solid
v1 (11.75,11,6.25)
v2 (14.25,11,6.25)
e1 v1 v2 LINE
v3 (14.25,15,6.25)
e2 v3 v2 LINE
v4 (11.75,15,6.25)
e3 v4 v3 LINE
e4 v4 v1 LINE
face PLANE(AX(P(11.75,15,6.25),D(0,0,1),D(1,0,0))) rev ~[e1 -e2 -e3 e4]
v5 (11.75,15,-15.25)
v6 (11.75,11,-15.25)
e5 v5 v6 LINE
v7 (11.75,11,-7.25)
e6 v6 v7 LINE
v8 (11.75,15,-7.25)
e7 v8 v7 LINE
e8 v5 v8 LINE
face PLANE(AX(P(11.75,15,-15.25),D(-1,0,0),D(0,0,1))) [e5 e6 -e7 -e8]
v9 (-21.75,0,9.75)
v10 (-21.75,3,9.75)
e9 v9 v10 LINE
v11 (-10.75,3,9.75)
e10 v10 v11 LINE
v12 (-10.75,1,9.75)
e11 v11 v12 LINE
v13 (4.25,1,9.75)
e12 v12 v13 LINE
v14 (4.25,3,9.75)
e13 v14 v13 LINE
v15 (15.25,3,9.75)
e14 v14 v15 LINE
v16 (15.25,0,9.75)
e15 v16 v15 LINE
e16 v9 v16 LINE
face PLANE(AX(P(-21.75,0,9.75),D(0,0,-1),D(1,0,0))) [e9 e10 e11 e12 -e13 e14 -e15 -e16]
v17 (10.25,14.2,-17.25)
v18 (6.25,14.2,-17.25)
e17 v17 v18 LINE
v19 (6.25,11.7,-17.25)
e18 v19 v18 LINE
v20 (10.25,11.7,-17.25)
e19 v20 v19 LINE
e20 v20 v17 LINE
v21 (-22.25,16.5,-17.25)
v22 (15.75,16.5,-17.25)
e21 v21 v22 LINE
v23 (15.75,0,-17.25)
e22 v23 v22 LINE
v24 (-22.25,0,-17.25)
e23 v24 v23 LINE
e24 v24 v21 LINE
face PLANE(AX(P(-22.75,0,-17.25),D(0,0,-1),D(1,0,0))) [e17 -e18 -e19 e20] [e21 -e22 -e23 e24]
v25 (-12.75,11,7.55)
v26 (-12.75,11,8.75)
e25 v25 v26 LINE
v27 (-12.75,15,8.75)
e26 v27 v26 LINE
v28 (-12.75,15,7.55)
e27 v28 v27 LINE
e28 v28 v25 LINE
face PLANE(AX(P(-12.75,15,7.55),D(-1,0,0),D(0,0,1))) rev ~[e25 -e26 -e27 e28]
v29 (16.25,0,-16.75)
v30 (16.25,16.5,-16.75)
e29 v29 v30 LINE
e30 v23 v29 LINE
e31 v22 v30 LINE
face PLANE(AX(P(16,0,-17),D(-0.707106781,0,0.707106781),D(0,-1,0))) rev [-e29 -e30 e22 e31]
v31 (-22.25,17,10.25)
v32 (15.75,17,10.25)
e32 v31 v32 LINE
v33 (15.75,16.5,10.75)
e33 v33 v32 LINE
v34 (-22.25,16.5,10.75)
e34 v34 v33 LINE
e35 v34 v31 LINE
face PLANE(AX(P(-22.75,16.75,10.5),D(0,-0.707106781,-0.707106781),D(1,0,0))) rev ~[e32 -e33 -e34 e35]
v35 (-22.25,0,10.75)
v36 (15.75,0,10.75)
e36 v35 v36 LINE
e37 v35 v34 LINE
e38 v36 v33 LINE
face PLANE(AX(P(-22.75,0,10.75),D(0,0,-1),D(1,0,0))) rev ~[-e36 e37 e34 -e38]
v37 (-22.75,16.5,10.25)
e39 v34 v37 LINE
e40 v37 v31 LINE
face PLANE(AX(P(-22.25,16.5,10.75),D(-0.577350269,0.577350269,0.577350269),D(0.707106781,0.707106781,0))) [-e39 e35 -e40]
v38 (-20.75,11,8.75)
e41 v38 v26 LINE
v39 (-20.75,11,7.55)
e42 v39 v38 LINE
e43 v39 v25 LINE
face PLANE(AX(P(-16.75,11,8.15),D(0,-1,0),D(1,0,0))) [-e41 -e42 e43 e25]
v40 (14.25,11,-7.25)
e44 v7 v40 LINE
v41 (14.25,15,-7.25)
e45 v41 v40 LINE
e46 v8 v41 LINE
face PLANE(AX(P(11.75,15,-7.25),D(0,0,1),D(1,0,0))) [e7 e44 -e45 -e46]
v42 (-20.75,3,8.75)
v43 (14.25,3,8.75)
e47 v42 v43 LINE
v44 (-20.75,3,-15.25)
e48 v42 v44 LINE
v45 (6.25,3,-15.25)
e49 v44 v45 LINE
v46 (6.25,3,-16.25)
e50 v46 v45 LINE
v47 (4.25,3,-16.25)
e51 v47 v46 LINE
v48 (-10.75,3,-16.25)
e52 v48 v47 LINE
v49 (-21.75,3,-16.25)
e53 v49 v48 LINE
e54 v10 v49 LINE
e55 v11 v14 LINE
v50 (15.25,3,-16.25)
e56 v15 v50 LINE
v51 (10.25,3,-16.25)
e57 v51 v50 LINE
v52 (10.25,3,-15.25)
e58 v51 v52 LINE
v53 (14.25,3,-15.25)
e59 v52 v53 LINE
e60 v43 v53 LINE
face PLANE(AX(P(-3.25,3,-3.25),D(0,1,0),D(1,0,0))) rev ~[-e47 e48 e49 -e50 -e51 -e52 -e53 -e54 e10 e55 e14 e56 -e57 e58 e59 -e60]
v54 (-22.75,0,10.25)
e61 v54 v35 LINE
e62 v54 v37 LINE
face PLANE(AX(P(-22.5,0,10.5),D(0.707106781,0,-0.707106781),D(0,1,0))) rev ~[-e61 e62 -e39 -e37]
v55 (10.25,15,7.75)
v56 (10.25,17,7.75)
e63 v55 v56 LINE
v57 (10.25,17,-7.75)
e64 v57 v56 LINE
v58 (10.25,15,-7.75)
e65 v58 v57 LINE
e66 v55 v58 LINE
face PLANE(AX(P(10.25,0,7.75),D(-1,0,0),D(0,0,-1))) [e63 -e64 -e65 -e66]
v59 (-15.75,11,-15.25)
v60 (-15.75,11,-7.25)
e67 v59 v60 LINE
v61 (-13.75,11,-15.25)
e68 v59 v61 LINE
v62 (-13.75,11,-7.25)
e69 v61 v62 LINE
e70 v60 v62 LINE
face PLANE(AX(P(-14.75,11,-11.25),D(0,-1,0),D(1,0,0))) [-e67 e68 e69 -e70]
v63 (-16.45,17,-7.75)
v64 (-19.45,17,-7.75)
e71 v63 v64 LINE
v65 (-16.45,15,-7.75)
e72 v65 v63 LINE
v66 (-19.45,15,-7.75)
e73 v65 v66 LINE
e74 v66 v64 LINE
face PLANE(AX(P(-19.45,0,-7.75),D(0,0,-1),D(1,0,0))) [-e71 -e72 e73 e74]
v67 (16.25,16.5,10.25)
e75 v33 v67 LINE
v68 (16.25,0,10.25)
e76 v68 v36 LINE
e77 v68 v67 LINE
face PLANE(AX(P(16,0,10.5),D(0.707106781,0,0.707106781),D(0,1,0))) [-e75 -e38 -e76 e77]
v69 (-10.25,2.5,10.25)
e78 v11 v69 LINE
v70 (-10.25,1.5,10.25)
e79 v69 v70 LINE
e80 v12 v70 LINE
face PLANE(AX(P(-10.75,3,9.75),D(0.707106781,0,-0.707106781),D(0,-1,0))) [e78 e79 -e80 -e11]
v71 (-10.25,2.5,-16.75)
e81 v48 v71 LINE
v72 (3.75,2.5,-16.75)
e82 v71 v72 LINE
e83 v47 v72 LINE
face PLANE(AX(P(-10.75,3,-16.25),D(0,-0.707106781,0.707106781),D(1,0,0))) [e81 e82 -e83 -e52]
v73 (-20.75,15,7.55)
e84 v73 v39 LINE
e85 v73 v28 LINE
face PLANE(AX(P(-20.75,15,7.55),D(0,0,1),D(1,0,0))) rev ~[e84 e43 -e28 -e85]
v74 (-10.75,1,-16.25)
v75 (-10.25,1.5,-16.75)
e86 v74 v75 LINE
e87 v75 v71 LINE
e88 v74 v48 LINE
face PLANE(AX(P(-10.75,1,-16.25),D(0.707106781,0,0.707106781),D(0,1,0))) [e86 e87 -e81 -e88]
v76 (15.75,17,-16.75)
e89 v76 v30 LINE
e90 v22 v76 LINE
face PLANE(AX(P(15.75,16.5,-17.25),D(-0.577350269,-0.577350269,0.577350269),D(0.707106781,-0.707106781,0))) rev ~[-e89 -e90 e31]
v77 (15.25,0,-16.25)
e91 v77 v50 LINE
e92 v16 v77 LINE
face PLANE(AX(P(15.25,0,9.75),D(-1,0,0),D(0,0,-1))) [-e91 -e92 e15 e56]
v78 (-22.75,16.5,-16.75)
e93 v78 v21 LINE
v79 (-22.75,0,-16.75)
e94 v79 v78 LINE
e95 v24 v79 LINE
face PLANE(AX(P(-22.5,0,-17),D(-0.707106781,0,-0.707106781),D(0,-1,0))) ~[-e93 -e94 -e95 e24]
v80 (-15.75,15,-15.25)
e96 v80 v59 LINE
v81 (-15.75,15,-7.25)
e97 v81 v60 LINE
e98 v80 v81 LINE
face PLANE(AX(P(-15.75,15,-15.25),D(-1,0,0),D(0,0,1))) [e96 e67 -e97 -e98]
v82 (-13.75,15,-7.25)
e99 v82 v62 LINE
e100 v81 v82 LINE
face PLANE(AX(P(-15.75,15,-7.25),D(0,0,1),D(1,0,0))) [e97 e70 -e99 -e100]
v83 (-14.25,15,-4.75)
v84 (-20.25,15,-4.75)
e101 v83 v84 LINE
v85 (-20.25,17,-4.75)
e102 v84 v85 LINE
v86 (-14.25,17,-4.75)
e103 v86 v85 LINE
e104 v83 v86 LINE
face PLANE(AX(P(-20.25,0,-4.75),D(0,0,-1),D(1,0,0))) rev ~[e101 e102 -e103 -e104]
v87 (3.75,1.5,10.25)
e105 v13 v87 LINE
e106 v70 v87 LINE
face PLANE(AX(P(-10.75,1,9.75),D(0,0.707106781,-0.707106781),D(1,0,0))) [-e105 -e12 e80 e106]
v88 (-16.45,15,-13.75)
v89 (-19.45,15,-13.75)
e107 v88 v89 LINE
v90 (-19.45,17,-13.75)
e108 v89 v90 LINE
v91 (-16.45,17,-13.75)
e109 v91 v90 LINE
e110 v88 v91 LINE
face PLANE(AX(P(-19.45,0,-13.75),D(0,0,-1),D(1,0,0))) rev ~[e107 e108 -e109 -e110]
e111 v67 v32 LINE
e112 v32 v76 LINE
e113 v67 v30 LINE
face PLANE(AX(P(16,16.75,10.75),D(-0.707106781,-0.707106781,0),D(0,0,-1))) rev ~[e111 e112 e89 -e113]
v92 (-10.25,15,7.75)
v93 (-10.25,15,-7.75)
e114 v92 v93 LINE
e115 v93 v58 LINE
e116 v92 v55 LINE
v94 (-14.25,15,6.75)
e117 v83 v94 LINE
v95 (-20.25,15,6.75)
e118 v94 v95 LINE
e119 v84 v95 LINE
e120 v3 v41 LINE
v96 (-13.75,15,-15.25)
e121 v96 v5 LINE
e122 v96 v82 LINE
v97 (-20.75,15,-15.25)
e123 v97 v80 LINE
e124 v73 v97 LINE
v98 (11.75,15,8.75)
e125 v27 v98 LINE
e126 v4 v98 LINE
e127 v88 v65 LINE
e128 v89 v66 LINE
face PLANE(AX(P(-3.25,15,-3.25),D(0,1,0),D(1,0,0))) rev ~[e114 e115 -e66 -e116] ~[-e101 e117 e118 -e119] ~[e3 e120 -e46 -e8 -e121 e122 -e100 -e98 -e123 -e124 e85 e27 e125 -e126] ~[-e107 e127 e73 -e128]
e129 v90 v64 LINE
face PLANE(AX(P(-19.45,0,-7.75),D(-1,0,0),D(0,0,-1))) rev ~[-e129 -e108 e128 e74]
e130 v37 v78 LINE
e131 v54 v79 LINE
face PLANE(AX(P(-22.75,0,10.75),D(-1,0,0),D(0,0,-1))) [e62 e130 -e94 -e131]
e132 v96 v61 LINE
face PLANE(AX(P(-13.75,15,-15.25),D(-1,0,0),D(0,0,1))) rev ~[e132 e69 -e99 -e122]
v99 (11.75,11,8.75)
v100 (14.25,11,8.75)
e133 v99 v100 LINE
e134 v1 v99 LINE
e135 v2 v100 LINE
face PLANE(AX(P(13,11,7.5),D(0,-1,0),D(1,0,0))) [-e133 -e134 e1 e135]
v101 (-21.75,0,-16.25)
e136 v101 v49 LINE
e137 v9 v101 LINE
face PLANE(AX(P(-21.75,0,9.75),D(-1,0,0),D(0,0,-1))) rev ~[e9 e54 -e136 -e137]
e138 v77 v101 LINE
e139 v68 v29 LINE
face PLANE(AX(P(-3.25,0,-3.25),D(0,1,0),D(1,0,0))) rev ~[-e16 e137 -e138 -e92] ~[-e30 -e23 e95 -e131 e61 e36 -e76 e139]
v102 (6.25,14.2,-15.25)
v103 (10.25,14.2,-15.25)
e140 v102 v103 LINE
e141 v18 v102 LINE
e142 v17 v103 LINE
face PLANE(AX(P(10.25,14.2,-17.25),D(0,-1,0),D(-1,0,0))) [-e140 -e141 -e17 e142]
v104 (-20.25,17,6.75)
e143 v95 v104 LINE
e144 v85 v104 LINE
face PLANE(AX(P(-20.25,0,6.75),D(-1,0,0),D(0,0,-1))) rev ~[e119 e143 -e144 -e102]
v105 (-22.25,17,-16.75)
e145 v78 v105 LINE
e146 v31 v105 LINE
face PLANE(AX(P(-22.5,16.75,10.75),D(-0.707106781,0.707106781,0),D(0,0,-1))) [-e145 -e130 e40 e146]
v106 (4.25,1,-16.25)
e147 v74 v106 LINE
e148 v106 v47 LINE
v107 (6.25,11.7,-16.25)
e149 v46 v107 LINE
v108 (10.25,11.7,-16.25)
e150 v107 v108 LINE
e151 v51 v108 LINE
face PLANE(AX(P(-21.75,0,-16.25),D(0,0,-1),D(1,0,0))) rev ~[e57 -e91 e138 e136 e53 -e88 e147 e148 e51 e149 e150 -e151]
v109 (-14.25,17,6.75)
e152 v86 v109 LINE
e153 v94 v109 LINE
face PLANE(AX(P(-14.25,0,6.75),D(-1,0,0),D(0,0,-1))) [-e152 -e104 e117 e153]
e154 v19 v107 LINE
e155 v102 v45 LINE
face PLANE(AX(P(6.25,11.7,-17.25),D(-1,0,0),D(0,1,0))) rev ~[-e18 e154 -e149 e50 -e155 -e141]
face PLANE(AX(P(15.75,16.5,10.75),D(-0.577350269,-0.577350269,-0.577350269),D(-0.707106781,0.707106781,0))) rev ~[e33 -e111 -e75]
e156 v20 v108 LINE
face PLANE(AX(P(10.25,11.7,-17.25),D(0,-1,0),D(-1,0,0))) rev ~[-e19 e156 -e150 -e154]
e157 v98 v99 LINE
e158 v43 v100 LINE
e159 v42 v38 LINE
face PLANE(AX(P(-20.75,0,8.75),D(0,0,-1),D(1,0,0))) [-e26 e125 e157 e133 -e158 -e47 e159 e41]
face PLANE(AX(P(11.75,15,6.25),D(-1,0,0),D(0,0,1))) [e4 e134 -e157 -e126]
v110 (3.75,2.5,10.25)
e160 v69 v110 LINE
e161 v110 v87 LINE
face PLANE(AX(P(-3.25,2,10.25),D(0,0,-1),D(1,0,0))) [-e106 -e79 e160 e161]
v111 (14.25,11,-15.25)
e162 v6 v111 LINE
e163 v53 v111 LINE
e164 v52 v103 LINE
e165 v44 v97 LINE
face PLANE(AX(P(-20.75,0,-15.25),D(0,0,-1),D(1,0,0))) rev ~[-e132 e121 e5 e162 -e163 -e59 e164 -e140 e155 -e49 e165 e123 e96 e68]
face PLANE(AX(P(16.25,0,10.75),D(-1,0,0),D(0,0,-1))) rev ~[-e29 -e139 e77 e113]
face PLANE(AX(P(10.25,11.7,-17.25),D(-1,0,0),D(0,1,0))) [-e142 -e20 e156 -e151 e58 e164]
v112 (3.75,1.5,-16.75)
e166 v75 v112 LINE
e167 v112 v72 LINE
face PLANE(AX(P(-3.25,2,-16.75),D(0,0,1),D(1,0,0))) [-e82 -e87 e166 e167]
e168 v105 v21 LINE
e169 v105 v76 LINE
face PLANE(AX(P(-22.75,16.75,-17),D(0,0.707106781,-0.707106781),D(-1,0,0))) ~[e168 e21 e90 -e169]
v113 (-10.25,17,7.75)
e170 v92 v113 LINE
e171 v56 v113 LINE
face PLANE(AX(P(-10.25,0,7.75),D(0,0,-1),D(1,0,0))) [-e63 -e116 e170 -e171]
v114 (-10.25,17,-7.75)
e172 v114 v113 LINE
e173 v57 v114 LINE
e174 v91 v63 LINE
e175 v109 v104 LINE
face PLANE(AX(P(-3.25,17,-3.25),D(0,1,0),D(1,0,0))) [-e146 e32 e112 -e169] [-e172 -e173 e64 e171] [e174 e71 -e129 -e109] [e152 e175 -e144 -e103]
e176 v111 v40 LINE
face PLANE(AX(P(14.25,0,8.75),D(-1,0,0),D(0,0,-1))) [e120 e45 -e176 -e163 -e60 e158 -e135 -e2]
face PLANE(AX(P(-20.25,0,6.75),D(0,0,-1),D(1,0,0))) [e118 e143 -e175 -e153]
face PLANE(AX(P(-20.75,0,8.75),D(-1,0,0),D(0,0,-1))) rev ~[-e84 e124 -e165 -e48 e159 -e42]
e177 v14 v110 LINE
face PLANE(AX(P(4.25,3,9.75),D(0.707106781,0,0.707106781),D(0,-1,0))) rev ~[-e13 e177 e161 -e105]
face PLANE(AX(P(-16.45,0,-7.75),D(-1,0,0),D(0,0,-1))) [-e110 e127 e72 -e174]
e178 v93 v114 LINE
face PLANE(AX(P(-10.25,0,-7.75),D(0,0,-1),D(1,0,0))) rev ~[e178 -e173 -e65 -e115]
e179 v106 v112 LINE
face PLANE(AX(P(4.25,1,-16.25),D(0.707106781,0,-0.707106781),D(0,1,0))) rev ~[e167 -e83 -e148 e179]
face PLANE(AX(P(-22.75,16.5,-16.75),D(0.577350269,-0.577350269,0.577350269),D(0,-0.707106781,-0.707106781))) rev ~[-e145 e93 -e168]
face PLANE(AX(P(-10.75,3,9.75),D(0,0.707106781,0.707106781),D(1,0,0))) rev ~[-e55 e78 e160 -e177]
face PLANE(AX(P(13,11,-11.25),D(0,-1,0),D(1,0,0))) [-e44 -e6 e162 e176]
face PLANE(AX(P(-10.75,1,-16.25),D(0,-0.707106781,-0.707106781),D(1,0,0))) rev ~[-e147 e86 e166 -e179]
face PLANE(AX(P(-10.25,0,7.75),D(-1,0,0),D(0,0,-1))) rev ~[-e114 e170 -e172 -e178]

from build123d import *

# Parameters (mm, degrees)
SKETCH_1_W               = 39
SKETCH_1_H               = 28
EXTRUDE_1_DEPTH          = 17
SKETCH_2_W               = 20.5
SKETCH_2_H               = 15.5
CUT_EXTRUDE_1_DEPTH      = 34.228376427
SKETCH_3_W               = 35
SKETCH_3_H               = 24
CUT_EXTRUDE_2_DEPTH      = 15
SKETCH_5_W               = 6
SKETCH_5_H               = 11.5
CUT_EXTRUDE_4_DEPTH      = 34.228376427
SKETCH_7_W               = 3
SKETCH_7_H               = 6
CUT_EXTRUDE_5_DEPTH      = 34.228376427
SKETCH_6_W               = 2.5
SKETCH_6_H               = 8
SKETCH_6_H_2             = 2.5
SKETCH_6_W_2             = 8
SKETCH_6_H_3             = 1.2
SKETCH_6_W_3             = 2
EXTRUDE_2_DEPTH          = 4
SKETCH_8_W               = 37
SKETCH_8_H               = 26
CUT_EXTRUDE_6_DEPTH      = 3
SKETCH_9_W               = 15
SKETCH_9_H               = 2
CUT_EXTRUDE_7_DEPTH      = 0.5
CUT_EXTRUDE_7_DRAFT      = -45
MIRROR_1_COPY_1_SKETCH_W = 15
MIRROR_1_COPY_1_SKETCH_H = 2
MIRROR_1_COPY_1_DEPTH    = 0.5
MIRROR_1_COPY_1_DRAFT    = -45
CUT_EXTRUDE_8_REACH      = 41.882
SKETCH_12_W              = 4
SKETCH_12_H              = 2.5
CHAMFER_1_SIZE           = 0.5
SKETCH_13_W              = 4
SKETCH_13_H              = 1
CUT_EXTRUDE_9_DEPTH      = 11.7


with BuildPart() as part:
    # Эскиз1 → Бобышка-Вытянуть1 (new body)
    with BuildSketch(Plane(origin=(0, 0, 0), x_dir=(1, 0, 0), z_dir=(0, 1, 0))):
        with Locations((-3.25, 3.25)):
            Rectangle(SKETCH_1_W, SKETCH_1_H)
    extrude(amount=EXTRUDE_1_DEPTH)

    # Эскиз2 → Вырез-Вытянуть1 (cut, through all)
    with BuildSketch(Plane(origin=(0, 0, 0), x_dir=(1, 0, 0), z_dir=(0, 1, 0))):
        Rectangle(SKETCH_2_W, SKETCH_2_H)
    extrude(amount=CUT_EXTRUDE_1_DEPTH, mode=Mode.SUBTRACT)

    # Эскиз3 → Вырез-Вытянуть2 (cut)
    with BuildSketch(Plane(origin=(0, 0, 0), x_dir=(1, 0, 0), z_dir=(0, 1, 0))):
        with Locations((-3.25, 3.25)):
            Rectangle(SKETCH_3_W, SKETCH_3_H)
    extrude(amount=CUT_EXTRUDE_2_DEPTH, mode=Mode.SUBTRACT)

    # Эскиз5 → Вырез-Вытянуть4 (cut, through all)
    with BuildSketch(Plane(origin=(0, 0, 0), x_dir=(1, 0, 0), z_dir=(0, 1, 0))):
        with Locations((-17.25, -1)):
            Rectangle(SKETCH_5_W, SKETCH_5_H)
    extrude(amount=CUT_EXTRUDE_4_DEPTH, mode=Mode.SUBTRACT)

    # Эскиз7 → Вырез-Вытянуть5 (cut, through all)
    with BuildSketch(Plane(origin=(0, 0, 0), x_dir=(1, 0, 0), z_dir=(0, 1, 0))):
        with Locations((-17.95, 10.75)):
            Rectangle(SKETCH_7_W, SKETCH_7_H)
    extrude(amount=CUT_EXTRUDE_5_DEPTH, mode=Mode.SUBTRACT)

    # Эскиз6 → Бобышка-Вытянуть2 (add)
    with BuildSketch(Plane.XZ.offset(-15)):
        with Locations((13, -11.25)):
            Rectangle(SKETCH_6_W, SKETCH_6_H)
        with Locations((13, 7.5)):
            Rectangle(SKETCH_6_W, SKETCH_6_H_2)
        with Locations((-16.75, 8.15)):
            Rectangle(SKETCH_6_W_2, SKETCH_6_H_3)
        with Locations((-14.75, -11.25)):
            Rectangle(SKETCH_6_W_3, SKETCH_6_H)
    extrude(amount=EXTRUDE_2_DEPTH)

    # Эскиз8 → Вырез-Вытянуть6 (cut)
    with BuildSketch(Plane(origin=(0, 0, 0), x_dir=(1, 0, 0), z_dir=(0, 1, 0))):
        with Locations((-3.25, 3.25)):
            Rectangle(SKETCH_8_W, SKETCH_8_H)
    extrude(amount=CUT_EXTRUDE_6_DEPTH, mode=Mode.SUBTRACT)


with BuildPart() as cut_extrude_7_tool:
    # Эскиз9 → Вырез-Вытянуть7 (with draft: the straight prism first)
    with BuildSketch(Plane.XY.offset(-16.25)):
        with Locations((-3.25, 2)):
            Rectangle(SKETCH_9_W, SKETCH_9_H)
    extrude(amount=-CUT_EXTRUDE_7_DEPTH)
    # Вырез-Вытянуть7: the draft: its side faces are tilted about the plane it starts from
    cut_extrude_7_sides = [cut_extrude_7_tool.faces().sort_by_distance(p)[0] for p in [
        (-10.75, 2, -16.5),
        (-3.25, 1, -16.5),
        (4.25, 2, -16.5),
        (-3.25, 3, -16.5),
    ]]
    draft(cut_extrude_7_sides, Plane.XY.offset(-16.25), CUT_EXTRUDE_7_DRAFT)


with BuildPart() as part_1:
    add(part.part)

    # Вырез-Вытянуть7: cut by cut_extrude_7_tool
    add(cut_extrude_7_tool.part, mode=Mode.SUBTRACT)


with BuildPart() as mirror_1_copy_1_tool:
    # Зеркальное отражение1 copy 1 sketch → Зеркальное отражение1 copy 1 (with draft: the straight prism first)
    with BuildSketch(Plane(origin=(0, 0, 9.75), x_dir=(1, 0, 0), z_dir=(0, 0, -1))):
        with Locations((-3.25, -2)):
            Rectangle(MIRROR_1_COPY_1_SKETCH_W, MIRROR_1_COPY_1_SKETCH_H)
    extrude(amount=-MIRROR_1_COPY_1_DEPTH)
    # Зеркальное отражение1 copy 1: the draft: its side faces are tilted about the plane it starts from
    mirror_1_copy_1_sides = [mirror_1_copy_1_tool.faces().sort_by_distance(p)[0] for p in [
        (-10.75, 2, 10),
        (-3.25, 1, 10),
        (4.25, 2, 10),
        (-3.25, 3, 10),
    ]]
    draft(mirror_1_copy_1_sides, Plane(origin=(0, 0, 9.75), x_dir=(1, 0, 0), z_dir=(0, 0, -1)), MIRROR_1_COPY_1_DRAFT)


with BuildPart() as part_2:
    add(part_1.part)

    # Зеркальное отражение1 copy 1: cut by mirror_1_copy_1_tool
    add(mirror_1_copy_1_tool.part, mode=Mode.SUBTRACT)

    # Эскиз12 → Вырез-Вытянуть8 (cut, up to next)
    with BuildSketch(Plane(origin=(0, 0, -17.25), x_dir=(-1, 0, 0), z_dir=(0, 0, -1)), mode=Mode.PRIVATE) as cut_extrude_8_sk1:
        with Locations((-8.25, 12.95)):
            Rectangle(SKETCH_12_W, SKETCH_12_H)
    cut_extrude_8_tool1 = extrude(cut_extrude_8_sk1.sketch, amount=-CUT_EXTRUDE_8_REACH, mode=Mode.PRIVATE) & part_2.part
    add(cut_extrude_8_tool1.solids().sort_by_distance((8.25, 12.95, -17.25))[0], mode=Mode.SUBTRACT)

    # Фаска1
    chamfer_1_edges = [part_2.edges().sort_by_distance(p)[0] for p in [
        (16.25, 17, -3.25),
        (-3.25, 17, -17.25),
        (-22.75, 17, -3.25),
        (-22.75, 8.5, -17.25),
        (16.25, 8.5, -17.25),
        (16.25, 8.5, 10.75),
        (-22.75, 8.5, 10.75),
        (-3.25, 17, 10.75),
    ]]
    chamfer(chamfer_1_edges, length=CHAMFER_1_SIZE)

    # Эскиз13 → Вырез-Вытянуть9 (cut)
    with BuildSketch(Plane(origin=(0, 0, 0), x_dir=(1, 0, 0), z_dir=(0, 1, 0))):
        with Locations((8.25, 15.75)):
            Rectangle(SKETCH_13_W, SKETCH_13_H)
    extrude(amount=CUT_EXTRUDE_9_DEPTH, mode=Mode.SUBTRACT)


solid = part_2.part
